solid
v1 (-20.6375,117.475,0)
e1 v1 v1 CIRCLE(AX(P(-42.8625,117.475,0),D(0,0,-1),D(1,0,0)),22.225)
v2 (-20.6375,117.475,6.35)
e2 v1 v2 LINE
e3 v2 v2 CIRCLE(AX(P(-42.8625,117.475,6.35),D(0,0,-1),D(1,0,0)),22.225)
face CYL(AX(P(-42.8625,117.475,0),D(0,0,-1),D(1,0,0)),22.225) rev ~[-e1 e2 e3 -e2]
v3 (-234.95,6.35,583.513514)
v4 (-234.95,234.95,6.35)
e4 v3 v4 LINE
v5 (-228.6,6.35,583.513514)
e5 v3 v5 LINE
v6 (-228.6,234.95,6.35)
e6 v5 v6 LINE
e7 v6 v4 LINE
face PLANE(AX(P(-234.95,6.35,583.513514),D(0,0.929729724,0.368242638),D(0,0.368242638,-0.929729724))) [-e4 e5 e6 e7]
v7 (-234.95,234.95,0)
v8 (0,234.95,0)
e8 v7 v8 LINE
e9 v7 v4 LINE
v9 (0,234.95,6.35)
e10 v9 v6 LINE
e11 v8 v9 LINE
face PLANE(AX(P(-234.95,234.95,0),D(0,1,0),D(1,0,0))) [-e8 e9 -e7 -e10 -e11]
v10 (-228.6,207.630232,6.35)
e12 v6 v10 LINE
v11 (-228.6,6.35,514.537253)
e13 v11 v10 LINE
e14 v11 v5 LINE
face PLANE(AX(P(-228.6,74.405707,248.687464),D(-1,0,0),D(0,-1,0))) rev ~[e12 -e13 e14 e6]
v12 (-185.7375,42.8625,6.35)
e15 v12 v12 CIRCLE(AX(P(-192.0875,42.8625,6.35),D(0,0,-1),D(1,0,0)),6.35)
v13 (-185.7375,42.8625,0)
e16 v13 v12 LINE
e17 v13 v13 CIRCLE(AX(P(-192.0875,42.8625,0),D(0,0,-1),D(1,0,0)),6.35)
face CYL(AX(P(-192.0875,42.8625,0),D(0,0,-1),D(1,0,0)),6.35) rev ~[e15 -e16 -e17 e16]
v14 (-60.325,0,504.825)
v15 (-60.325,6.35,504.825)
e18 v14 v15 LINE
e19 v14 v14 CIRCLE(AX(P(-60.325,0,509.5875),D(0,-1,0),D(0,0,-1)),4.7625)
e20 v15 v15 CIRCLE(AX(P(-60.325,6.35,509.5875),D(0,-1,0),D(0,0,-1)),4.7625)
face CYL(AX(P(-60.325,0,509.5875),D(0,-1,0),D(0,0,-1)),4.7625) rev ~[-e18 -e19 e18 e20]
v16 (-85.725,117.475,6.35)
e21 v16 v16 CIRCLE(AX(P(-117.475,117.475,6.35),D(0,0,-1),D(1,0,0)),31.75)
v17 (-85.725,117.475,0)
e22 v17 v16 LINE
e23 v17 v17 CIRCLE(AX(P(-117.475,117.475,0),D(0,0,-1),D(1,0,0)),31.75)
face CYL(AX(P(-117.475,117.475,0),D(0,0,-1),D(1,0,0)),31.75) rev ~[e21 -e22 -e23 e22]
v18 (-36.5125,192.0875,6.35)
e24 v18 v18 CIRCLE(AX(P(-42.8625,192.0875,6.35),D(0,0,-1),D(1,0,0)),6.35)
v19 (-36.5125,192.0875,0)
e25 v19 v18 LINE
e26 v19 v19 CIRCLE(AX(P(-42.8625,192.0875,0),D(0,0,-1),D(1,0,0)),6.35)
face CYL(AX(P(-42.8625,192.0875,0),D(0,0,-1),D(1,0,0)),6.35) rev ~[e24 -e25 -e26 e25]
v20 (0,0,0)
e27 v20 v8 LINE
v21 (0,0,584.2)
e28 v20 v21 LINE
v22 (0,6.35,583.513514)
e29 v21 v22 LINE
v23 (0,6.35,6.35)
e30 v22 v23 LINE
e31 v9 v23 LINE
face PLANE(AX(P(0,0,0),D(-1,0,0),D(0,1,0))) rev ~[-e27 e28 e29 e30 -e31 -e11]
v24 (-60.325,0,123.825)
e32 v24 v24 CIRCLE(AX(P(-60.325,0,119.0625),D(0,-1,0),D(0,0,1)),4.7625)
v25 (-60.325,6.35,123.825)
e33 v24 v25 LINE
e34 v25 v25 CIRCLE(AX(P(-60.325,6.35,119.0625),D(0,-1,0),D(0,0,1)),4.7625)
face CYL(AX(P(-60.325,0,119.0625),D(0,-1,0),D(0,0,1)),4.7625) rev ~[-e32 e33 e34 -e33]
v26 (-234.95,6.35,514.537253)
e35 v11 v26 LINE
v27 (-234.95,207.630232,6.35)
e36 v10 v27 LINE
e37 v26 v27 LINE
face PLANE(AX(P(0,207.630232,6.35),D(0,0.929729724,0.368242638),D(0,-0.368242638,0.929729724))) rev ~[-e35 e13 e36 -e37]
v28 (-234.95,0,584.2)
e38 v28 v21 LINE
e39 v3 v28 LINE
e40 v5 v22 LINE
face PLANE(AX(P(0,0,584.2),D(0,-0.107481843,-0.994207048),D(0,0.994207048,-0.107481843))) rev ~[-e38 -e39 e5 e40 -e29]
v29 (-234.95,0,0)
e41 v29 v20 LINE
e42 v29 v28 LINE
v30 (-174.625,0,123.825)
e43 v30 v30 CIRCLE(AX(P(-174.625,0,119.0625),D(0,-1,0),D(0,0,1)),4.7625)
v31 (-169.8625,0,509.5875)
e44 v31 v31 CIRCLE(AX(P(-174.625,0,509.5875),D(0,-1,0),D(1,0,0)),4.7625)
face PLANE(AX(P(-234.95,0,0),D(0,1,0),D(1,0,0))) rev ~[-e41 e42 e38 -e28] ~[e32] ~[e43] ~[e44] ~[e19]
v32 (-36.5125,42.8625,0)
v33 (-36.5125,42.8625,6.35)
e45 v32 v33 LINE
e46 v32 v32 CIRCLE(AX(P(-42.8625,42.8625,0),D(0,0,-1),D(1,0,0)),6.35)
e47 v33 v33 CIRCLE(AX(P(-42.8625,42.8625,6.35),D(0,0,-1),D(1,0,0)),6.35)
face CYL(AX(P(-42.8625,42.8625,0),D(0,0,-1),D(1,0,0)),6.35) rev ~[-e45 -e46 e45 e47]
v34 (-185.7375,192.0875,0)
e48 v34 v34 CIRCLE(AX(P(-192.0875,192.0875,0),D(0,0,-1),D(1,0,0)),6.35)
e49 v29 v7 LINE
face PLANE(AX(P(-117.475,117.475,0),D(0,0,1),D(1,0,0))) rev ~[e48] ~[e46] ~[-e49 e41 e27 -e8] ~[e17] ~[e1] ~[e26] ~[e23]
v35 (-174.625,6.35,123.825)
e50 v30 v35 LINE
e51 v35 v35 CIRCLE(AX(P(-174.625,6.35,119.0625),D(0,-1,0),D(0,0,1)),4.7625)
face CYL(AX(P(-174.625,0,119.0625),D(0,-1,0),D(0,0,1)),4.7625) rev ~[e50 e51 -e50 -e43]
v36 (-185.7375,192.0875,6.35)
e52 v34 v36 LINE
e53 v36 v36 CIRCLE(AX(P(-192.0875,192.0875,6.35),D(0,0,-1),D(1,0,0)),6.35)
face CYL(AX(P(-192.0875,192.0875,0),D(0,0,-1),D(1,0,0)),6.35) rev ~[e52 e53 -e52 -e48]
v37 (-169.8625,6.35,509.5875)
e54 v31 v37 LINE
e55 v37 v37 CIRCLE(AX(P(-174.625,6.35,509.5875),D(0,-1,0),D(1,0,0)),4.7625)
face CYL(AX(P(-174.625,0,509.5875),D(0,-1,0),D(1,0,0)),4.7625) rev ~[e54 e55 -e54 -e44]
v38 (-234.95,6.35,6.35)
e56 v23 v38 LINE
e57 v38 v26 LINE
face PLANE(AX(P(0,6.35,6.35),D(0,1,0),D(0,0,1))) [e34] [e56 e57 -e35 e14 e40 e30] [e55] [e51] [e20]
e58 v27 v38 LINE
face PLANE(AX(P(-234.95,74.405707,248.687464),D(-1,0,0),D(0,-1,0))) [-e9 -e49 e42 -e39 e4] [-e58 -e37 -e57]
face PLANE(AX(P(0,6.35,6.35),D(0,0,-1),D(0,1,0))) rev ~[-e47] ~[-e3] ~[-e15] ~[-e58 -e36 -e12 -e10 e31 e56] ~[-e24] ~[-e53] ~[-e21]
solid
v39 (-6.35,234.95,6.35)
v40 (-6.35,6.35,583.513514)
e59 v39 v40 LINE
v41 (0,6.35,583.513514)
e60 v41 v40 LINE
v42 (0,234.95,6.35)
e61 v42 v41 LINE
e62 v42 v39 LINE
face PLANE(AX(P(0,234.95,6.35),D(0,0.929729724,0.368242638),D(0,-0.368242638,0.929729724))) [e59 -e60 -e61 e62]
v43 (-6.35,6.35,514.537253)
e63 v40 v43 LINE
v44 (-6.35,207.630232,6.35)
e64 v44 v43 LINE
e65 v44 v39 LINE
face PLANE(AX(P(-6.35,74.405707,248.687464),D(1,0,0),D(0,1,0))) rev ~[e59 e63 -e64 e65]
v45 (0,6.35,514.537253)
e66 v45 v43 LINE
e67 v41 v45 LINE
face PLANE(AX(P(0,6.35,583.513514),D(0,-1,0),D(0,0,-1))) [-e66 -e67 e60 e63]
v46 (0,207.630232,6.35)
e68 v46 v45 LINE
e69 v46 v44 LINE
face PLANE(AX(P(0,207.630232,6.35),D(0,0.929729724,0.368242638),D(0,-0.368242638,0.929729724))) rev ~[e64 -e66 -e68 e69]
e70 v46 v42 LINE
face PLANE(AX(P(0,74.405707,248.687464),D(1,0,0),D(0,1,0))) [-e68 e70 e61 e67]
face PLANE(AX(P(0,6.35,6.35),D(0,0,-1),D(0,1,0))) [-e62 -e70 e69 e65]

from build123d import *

# Parameters (mm, degrees)
F0_W      = 234.95
F0_H      = 234.95
F1_DEPTH  = 584.2
F3_DEPTH  = 234.951
F5_DEPTH  = 25.4
F6_DEPTH  = 25.4
F7_W      = 439.5717488766
F7_H      = 605.656187439
F8_DEPTH  = 234.951
F10_DEPTH = 6.35
F12_DEPTH = 6.35
F13_R     = 6.35
F13_R_2   = 22.225
F13_R_3   = 31.75
F14_DEPTH = 584.201
F15_DEPTH = 25.4
F17_DEPTH = 234.951
F19_DEPTH = 234.951


with BuildPart() as f1:
    # F0 (on Top) → F1 (new body)
    with BuildSketch(Plane.XY):
        with Locations((-117.475, 117.475)):
            Rectangle(F0_W, F0_H)
    extrude(amount=F1_DEPTH)

    # F2 (on face) → F3 (cut, through all)
    with BuildSketch(Plane.YZ):
        Polygon((0, 584.2), (234.95, 558.8), (234.95, 584.2), align=None)
    extrude(amount=-F3_DEPTH, mode=Mode.SUBTRACT)

    # F4 (on face) → F5 (cut)
    with BuildSketch(Plane.XZ):
        with BuildLine():
            ThreePointArc((-55.5625, 119.0625), (-56.9574039546, 122.4300960454), (-60.325, 123.825))
            ThreePointArc((-60.325, 123.825), (-63.6925960454, 115.6949039546), (-55.5625, 119.0625))
        make_face()
        with BuildLine():
            ThreePointArc((-55.5625, 509.5875), (-60.325, 514.35), (-65.0875, 509.5875))
            Line((-65.0875, 509.5875), (-60.325, 509.5875))
            Line((-60.325, 509.5875), (-60.325, 504.825))
            ThreePointArc((-60.325, 504.825), (-56.9574039546, 506.2199039546), (-55.5625, 509.5875))
        make_face()
        with BuildLine():
            Line((-60.325, 509.5875), (-65.0875, 509.5875))
            ThreePointArc((-65.0875, 509.5875), (-63.6925960454, 506.2199039546), (-60.325, 504.825))
            Line((-60.325, 504.825), (-60.325, 509.5875))
        make_face()
        with BuildLine():
            ThreePointArc((-169.8625, 119.0625), (-171.2574039546, 122.4300960454), (-174.625, 123.825))
            ThreePointArc((-174.625, 123.825), (-177.9925960454, 115.6949039546), (-169.8625, 119.0625))
        make_face()
        with BuildLine():
            ThreePointArc((-174.625, 504.825), (-171.2574039546, 506.2199039546), (-169.8625, 509.5875))
            Line((-169.8625, 509.5875), (-174.625, 509.5875))
            Line((-174.625, 509.5875), (-174.625, 504.825))
        make_face()
        with BuildLine():
            Line((-174.625, 509.5875), (-169.8625, 509.5875))
            ThreePointArc((-169.8625, 509.5875), (-177.9925960454, 512.9550960454), (-174.625, 504.825))
            Line((-174.625, 504.825), (-174.625, 509.5875))
        make_face()
    extrude(amount=-F5_DEPTH, mode=Mode.SUBTRACT)

    # F4 (on face) → F6 (cut)
    with BuildSketch(Plane.XZ):
        with BuildLine():
            ThreePointArc((-55.5625, 119.0625), (-56.9574039546, 122.4300960454), (-60.325, 123.825))
            ThreePointArc((-60.325, 123.825), (-63.6925960454, 115.6949039546), (-55.5625, 119.0625))
        make_face()
        with BuildLine():
            ThreePointArc((-55.5625, 509.5875), (-60.325, 514.35), (-65.0875, 509.5875))
            Line((-65.0875, 509.5875), (-60.325, 509.5875))
            Line((-60.325, 509.5875), (-60.325, 504.825))
            ThreePointArc((-60.325, 504.825), (-56.9574039546, 506.2199039546), (-55.5625, 509.5875))
        make_face()
        with BuildLine():
            Line((-60.325, 509.5875), (-65.0875, 509.5875))
            ThreePointArc((-65.0875, 509.5875), (-63.6925960454, 506.2199039546), (-60.325, 504.825))
            Line((-60.325, 504.825), (-60.325, 509.5875))
        make_face()
        with BuildLine():
            ThreePointArc((-169.8625, 119.0625), (-171.2574039546, 122.4300960454), (-174.625, 123.825))
            ThreePointArc((-174.625, 123.825), (-177.9925960454, 115.6949039546), (-169.8625, 119.0625))
        make_face()
        with BuildLine():
            ThreePointArc((-174.625, 504.825), (-171.2574039546, 506.2199039546), (-169.8625, 509.5875))
            Line((-169.8625, 509.5875), (-174.625, 509.5875))
            Line((-174.625, 509.5875), (-174.625, 504.825))
        make_face()
        with BuildLine():
            Line((-174.625, 509.5875), (-169.8625, 509.5875))
            ThreePointArc((-169.8625, 509.5875), (-177.9925960454, 512.9550960454), (-174.625, 504.825))
            Line((-174.625, 504.825), (-174.625, 509.5875))
        make_face()
    extrude(amount=-F6_DEPTH, mode=Mode.SUBTRACT)

    # F7 (on face) → F8 (cut, through all)
    with BuildSketch(Plane.YZ):
        with Locations((226.1358744383, 309.1780937195)):
            Rectangle(F7_W, F7_H)
    extrude(amount=-F8_DEPTH, mode=Mode.SUBTRACT)

    # F11 (on face) → F12 (join)
    with BuildSketch(Plane(origin=(-234.95, 0, 0), x_dir=(0, -1, 0), z_dir=(-1, 0, 0))):
        Polygon((-6.35, 6.35), (-6.35, 583.5135135135), (-234.95, 6.35), align=None)
    extrude(amount=-F12_DEPTH)

    # F13 (on face) → F14 (cut, through all)
    with BuildSketch(Plane(origin=(0, 0, 0), x_dir=(1, 0, 0), z_dir=(0, 0, -1))):
        with Locations((-192.0875, -42.8625)):
            Circle(F13_R)
        with Locations((-42.8625, -42.8625)):
            Circle(F13_R)
        with Locations((-42.8625, -192.0875)):
            Circle(F13_R)
        with Locations((-192.0875, -192.0875)):
            Circle(F13_R)
        with Locations((-42.8625, -117.475)):
            Circle(F13_R_2)
        with Locations((-117.475, -117.475)):
            Circle(F13_R_3)
    extrude(amount=-F14_DEPTH, mode=Mode.SUBTRACT)

    # F13 (on face) → F15 (cut)
    with BuildSketch(Plane(origin=(0, 0, 0), x_dir=(1, 0, 0), z_dir=(0, 0, -1))):
        with Locations((-192.0875, -42.8625)):
            Circle(F13_R)
        with Locations((-42.8625, -42.8625)):
            Circle(F13_R)
        with Locations((-42.8625, -192.0875)):
            Circle(F13_R)
        with Locations((-192.0875, -192.0875)):
            Circle(F13_R)
        with Locations((-42.8625, -117.475)):
            Circle(F13_R_2)
        with Locations((-117.475, -117.475)):
            Circle(F13_R_3)
    extrude(amount=-F15_DEPTH, mode=Mode.SUBTRACT)


with BuildPart() as f10:
    # F9 (on face) → F10 (new body)
    with BuildSketch(Plane.YZ):
        Polygon((234.95, 6.35), (6.35, 583.5135135135), (6.35, 6.35), align=None)
    extrude(amount=-F10_DEPTH)


with BuildPart() as f17_tool:
    # F16 (on face) → F17 (new body, through all)
    with BuildSketch(Plane.YZ):
        Polygon((207.6302323857, 6.35), (97.0348650139, 285.5783937471), (6.35, 514.5372533882), (6.35, 6.35), align=None)
    extrude(amount=-F17_DEPTH)


with BuildPart() as f1_1:
    add(f1.part)

    # F17: cut by f17_tool
    add(f17_tool.part, mode=Mode.SUBTRACT)

    # F18 (on face) → F19 (cut, through all)
    with BuildSketch(Plane(origin=(-234.95, 0, 0), x_dir=(0, -1, 0), z_dir=(-1, 0, 0))):
        Polygon((-6.35, 514.5372533882), (-97.0348650139, 285.5783937471), (-207.6302323857, 6.35), (-6.35, 6.35), align=None)
    extrude(amount=-F19_DEPTH, mode=Mode.SUBTRACT)


with BuildPart() as f10_1:
    add(f10.part)

    # F17: cut by f17_tool
    add(f17_tool.part, mode=Mode.SUBTRACT)


solid = Compound([f1_1.part, f10_1.part])
